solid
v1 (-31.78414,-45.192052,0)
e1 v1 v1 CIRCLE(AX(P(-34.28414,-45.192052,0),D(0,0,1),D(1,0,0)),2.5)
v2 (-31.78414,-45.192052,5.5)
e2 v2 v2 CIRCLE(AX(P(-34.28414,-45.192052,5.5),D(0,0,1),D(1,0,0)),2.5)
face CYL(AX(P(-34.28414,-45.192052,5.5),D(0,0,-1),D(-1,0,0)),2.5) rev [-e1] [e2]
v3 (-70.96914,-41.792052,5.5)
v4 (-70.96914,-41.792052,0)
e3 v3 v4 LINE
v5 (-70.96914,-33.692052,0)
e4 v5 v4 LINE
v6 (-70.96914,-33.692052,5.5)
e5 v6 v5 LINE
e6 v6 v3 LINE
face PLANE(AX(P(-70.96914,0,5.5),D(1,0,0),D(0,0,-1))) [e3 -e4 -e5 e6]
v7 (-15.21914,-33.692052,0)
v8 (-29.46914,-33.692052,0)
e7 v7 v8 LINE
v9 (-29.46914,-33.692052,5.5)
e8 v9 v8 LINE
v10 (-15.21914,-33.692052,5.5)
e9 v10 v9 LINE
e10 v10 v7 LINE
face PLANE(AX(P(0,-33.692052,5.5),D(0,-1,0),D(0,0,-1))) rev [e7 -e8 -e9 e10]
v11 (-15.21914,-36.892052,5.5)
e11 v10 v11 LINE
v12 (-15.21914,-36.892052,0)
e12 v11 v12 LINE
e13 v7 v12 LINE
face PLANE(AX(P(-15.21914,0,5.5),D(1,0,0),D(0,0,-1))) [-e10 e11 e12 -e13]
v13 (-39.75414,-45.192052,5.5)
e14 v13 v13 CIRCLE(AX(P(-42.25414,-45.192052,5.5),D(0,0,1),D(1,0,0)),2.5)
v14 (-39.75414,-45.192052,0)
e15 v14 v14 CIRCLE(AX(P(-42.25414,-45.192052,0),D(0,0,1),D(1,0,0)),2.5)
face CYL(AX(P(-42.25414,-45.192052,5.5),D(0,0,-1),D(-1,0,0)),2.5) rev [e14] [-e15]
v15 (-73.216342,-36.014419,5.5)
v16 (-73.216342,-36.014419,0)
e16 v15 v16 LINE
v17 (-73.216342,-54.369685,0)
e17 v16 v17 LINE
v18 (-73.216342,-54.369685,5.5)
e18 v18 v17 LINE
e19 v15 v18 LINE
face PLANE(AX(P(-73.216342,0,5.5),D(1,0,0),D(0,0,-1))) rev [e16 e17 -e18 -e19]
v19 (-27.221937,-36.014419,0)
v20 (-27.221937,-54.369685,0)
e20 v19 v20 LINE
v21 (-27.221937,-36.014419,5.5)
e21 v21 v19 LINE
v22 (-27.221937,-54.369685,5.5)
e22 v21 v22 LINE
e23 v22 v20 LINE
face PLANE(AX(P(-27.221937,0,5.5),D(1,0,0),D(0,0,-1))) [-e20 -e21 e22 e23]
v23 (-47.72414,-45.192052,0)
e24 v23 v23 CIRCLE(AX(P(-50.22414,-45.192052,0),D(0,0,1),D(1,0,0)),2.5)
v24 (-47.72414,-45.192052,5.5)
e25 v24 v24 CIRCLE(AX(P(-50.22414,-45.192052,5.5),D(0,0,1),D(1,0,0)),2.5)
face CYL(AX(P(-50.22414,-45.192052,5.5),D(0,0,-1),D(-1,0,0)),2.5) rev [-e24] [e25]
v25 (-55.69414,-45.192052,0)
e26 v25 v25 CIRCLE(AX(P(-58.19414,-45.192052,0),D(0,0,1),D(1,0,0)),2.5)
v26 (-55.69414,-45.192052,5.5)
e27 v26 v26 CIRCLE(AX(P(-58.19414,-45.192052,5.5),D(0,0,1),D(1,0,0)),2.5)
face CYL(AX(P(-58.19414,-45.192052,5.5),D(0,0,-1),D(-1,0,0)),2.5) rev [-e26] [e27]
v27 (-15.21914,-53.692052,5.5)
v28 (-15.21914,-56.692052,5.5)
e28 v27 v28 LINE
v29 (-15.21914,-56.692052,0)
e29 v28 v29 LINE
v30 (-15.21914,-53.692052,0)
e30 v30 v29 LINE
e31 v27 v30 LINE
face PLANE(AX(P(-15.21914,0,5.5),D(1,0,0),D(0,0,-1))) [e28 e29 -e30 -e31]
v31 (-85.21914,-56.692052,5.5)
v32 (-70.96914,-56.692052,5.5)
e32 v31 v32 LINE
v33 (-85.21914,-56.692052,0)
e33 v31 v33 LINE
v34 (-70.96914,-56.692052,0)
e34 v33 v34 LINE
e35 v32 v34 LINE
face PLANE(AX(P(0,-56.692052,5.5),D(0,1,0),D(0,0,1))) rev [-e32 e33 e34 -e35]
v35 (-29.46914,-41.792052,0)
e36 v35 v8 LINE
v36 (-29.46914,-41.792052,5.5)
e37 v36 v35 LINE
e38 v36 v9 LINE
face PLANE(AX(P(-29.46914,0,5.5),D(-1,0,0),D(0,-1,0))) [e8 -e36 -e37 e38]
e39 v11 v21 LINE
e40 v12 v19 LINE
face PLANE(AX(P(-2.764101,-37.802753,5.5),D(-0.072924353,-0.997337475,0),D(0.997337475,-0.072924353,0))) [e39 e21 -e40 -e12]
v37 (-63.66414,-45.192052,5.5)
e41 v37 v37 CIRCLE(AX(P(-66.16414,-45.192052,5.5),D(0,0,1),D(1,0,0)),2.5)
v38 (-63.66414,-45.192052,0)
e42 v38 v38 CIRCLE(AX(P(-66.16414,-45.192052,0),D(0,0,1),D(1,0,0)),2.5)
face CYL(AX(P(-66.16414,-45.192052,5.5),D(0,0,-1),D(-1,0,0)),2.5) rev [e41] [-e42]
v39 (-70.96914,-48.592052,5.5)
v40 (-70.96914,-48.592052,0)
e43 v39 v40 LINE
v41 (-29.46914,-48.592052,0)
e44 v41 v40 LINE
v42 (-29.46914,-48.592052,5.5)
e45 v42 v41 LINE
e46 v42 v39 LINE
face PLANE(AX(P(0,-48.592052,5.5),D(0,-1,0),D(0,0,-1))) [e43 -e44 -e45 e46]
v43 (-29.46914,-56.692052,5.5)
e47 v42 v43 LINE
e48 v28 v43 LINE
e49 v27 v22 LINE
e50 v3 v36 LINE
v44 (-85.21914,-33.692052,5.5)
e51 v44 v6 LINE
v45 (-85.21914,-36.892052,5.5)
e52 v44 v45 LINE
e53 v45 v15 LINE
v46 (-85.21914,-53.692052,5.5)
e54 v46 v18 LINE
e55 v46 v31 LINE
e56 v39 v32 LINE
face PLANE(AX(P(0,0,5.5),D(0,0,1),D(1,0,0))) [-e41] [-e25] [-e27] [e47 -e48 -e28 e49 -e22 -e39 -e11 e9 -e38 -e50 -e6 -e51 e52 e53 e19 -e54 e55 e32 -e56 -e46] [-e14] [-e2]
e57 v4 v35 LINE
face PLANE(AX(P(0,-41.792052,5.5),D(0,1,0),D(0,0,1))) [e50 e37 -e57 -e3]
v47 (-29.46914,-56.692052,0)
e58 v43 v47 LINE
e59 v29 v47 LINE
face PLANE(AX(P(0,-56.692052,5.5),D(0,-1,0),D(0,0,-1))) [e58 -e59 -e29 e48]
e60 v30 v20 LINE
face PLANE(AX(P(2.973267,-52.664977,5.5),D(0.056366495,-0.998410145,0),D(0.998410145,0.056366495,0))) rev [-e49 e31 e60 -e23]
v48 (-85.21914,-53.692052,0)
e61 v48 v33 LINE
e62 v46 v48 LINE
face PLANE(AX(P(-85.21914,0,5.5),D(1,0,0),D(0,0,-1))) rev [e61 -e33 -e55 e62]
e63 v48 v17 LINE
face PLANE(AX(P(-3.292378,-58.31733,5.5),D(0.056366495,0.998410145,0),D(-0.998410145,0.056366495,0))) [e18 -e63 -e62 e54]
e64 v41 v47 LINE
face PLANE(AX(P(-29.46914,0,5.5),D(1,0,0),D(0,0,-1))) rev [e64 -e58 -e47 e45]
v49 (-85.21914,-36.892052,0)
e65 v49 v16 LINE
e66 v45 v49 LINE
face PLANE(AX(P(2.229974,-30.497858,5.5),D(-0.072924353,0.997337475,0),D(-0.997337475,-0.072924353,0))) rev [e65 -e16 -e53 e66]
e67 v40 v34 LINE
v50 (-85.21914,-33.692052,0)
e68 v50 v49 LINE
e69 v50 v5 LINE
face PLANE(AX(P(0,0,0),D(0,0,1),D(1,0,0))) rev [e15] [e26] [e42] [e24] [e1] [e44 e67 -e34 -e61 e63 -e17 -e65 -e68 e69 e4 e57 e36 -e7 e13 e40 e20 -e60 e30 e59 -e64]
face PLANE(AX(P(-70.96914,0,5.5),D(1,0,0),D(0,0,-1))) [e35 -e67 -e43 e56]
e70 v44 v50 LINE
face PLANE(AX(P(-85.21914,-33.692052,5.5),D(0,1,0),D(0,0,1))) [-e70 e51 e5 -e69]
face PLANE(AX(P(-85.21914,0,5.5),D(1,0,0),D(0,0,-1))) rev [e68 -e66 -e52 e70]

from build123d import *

# Parameters (mm, degrees)
SKETCH_1_R      = 2.5
SKETCH_1_W      = 14.25
SKETCH_1_H      = 1.5
EXTRUDE_2_DEPTH = 5.5


with BuildPart() as part:
    # 草圖1 → 填料-伸長2 (new body)
    with BuildSketch(Plane.XY):
        Polygon((-70.969139755, -35.192052365), (-85.219139755, -35.192052365), (-85.219139755, -35.633297351), (-85.219139755, -36.892052365), (-73.216342126, -36.014419398), (-73.216342126, -54.369685333), (-85.219139755, -53.692052365), (-85.219139755, -54.75080738), (-85.219139755, -55.192052365), (-85.219139755, -56.692052365), (-70.969139755, -56.692052365), (-70.969139755, -55.192052365), (-70.969139755, -48.592052365), (-66.164139755, -48.592052365), (-29.469139755, -48.592052365), (-29.469139755, -55.192052365), (-29.469139755, -56.692052365), (-15.219139755, -56.692052365), (-15.219139755, -55.192052365), (-15.219139755, -54.75080738), (-15.219139755, -53.692052365), (-27.221937385, -54.369685333), (-27.221937385, -36.014419398), (-15.219139755, -36.892052365), (-15.219139755, -35.633297351), (-15.219139755, -35.192052365), (-15.219139755, -33.692052365), (-29.469139755, -33.692052365), (-29.469139755, -35.192052365), (-29.469139755, -41.792052365), (-66.164139755, -41.792052365), (-70.969139755, -41.792052365), align=None)
        with Locations((-66.164139755, -45.192052365)):
            Circle(SKETCH_1_R, mode=Mode.SUBTRACT)
        with Locations((-58.194139755, -45.192052365)):
            Circle(SKETCH_1_R, mode=Mode.SUBTRACT)
        with Locations((-50.224139755, -45.192052365)):
            Circle(SKETCH_1_R, mode=Mode.SUBTRACT)
        with Locations((-42.254139755, -45.192052365)):
            Circle(SKETCH_1_R, mode=Mode.SUBTRACT)
        with Locations((-34.284139755, -45.192052365)):
            Circle(SKETCH_1_R, mode=Mode.SUBTRACT)
        with Locations((-78.094139755, -34.442052365)):
            Rectangle(SKETCH_1_W, SKETCH_1_H)
    extrude(amount=EXTRUDE_2_DEPTH)


solid = part.part
